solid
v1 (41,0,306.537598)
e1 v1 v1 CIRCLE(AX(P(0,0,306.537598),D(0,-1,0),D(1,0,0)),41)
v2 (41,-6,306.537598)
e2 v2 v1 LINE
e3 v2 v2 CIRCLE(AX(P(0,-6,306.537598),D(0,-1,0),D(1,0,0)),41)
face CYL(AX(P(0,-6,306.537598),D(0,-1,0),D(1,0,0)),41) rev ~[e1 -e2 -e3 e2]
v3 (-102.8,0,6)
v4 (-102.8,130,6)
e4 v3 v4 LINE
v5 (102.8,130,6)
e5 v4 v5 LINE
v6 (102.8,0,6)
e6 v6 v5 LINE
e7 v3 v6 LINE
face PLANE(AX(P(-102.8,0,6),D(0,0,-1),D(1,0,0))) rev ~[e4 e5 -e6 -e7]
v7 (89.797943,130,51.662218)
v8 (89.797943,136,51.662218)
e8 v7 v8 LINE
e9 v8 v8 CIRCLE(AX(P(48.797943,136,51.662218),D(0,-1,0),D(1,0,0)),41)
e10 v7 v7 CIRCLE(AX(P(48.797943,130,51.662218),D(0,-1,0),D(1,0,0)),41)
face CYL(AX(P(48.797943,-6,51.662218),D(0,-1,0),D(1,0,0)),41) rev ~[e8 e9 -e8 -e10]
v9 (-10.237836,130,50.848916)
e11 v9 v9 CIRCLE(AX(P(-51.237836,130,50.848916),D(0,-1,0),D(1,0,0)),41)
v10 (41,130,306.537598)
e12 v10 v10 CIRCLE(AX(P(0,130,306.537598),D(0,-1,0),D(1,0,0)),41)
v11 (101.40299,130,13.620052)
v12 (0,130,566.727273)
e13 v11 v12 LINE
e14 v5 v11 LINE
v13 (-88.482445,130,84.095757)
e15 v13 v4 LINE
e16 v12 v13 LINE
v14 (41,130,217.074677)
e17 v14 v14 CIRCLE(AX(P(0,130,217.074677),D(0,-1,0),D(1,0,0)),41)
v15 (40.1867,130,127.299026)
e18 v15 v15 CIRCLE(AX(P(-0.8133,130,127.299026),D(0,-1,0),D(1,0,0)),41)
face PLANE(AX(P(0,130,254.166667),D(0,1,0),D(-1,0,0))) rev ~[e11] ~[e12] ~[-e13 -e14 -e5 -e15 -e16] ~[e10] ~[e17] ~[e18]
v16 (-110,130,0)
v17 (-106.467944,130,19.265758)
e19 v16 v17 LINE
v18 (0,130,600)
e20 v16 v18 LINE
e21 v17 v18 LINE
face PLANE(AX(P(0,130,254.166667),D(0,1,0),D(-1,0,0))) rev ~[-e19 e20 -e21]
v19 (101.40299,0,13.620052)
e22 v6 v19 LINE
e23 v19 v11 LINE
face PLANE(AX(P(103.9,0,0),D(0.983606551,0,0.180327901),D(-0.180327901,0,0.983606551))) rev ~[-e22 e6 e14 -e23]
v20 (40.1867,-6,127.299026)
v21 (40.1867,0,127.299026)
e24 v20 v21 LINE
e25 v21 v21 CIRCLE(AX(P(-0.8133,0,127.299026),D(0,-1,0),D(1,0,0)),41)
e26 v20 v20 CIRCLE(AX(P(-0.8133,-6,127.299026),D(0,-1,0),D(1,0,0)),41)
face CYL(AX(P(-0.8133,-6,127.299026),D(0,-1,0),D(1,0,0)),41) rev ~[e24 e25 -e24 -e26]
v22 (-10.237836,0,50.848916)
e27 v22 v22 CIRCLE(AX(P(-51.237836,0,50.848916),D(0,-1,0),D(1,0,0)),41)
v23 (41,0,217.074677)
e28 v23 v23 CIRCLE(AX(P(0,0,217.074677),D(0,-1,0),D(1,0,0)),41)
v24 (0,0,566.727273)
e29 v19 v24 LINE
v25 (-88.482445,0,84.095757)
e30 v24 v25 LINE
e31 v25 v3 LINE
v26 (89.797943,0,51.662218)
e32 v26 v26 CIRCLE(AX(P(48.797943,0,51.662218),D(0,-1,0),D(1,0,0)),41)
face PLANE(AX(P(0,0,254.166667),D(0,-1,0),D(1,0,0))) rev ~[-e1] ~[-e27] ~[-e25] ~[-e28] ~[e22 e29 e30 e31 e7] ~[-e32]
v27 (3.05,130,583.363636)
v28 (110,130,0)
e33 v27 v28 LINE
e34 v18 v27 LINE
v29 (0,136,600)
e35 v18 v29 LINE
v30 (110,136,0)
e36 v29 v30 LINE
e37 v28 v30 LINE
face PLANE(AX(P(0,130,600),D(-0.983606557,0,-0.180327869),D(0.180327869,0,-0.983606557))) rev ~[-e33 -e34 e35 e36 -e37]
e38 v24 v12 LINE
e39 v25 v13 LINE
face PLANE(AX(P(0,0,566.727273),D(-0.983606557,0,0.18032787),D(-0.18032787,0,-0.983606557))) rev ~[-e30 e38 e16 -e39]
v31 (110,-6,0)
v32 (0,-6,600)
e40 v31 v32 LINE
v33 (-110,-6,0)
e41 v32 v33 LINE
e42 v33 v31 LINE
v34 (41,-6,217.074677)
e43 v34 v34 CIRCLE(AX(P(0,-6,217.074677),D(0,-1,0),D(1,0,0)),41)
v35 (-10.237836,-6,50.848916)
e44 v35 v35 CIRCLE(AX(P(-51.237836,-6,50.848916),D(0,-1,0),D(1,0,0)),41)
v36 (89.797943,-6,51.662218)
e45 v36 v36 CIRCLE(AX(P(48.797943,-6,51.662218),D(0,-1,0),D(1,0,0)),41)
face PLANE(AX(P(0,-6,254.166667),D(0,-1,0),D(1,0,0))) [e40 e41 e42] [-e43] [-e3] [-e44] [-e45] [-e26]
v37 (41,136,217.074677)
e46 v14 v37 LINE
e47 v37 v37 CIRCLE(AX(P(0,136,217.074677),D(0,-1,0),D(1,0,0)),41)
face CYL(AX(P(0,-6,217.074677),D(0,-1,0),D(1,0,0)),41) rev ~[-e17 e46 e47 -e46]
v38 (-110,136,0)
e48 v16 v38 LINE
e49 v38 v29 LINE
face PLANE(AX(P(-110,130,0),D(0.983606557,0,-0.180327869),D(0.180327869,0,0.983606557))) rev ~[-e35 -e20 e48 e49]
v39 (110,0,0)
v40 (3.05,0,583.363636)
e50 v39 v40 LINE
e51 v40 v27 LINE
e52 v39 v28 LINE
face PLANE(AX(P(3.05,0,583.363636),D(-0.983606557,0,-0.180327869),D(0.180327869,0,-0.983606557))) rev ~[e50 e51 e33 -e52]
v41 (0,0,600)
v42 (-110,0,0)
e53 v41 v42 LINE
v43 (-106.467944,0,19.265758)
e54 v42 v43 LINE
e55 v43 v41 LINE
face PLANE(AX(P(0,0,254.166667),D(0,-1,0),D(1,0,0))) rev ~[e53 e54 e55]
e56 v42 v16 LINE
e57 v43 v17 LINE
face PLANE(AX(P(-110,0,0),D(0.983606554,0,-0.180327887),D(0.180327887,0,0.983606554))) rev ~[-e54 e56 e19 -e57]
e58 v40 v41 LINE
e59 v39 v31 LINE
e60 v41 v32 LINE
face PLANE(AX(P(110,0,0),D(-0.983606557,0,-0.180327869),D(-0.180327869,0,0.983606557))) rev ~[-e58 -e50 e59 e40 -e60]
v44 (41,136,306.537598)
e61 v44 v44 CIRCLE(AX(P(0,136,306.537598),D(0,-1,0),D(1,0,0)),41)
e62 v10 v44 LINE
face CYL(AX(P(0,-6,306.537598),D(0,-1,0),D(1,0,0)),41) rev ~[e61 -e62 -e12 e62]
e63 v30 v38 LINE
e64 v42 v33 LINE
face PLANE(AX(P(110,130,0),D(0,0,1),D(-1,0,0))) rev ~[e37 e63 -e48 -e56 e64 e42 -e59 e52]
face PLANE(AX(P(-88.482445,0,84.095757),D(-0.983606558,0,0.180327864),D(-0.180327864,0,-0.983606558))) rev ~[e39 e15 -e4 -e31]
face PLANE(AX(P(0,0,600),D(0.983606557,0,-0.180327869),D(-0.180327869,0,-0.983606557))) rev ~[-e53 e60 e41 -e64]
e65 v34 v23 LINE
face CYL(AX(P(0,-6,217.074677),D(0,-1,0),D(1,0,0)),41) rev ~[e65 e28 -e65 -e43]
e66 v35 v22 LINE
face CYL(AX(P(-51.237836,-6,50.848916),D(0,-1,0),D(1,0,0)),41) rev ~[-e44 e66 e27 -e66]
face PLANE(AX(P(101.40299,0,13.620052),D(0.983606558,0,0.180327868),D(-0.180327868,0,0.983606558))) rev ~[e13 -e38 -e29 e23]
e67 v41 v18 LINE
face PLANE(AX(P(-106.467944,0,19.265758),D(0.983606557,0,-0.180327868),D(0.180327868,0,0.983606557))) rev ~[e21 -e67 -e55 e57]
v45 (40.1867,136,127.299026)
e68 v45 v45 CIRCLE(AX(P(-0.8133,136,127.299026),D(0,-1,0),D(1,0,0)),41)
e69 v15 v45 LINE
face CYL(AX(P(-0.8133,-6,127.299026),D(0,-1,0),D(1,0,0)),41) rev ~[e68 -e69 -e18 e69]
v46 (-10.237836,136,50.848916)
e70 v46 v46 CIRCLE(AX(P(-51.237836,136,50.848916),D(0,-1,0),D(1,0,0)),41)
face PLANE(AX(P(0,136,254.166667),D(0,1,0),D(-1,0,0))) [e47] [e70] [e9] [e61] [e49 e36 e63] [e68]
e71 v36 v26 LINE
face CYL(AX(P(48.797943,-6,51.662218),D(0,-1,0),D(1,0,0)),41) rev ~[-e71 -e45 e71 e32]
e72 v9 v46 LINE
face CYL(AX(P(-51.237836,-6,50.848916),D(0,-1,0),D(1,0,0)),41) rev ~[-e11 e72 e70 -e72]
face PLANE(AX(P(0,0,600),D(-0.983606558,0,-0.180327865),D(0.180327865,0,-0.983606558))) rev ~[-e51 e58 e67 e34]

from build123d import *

# Parameters (mm, degrees)
F1_DEPTH  = 6
F3_DEPTH  = 130
F5_DEPTH  = 130
F7_DEPTH  = 130
F9_DEPTH  = 6
F10_R     = 41
F11_DEPTH = 309.88


with BuildPart() as f1:
    # F0 (on Front) → F1 (new body)
    with BuildSketch(Plane.XZ):
        Polygon((-110, 0), (0, 0), (110, 0), (0, 600), align=None)
    extrude(amount=F1_DEPTH)

    # F2 (on face) → F3 (join)
    with BuildSketch(Plane(origin=(0, 0, 0), x_dir=(-1, 0, 0), z_dir=(0, 1, 0))):
        Polygon((110, 0), (106.467944, 19.265758), (0, 600), (-3.05, 583.363636), (0, 566.727273), (88.482445, 84.095757), (103.9, 0), align=None)
    extrude(amount=F3_DEPTH)

    # F4 (on face) → F5 (join)
    with BuildSketch(Plane(origin=(0, 0, 0), x_dir=(-1, 0, 0), z_dir=(0, 1, 0))):
        Polygon((0, 566.727273), (-3.05, 583.363636), (-110, 0), (-103.9, 0), (-101.40299, 13.620052), align=None)
    extrude(amount=F5_DEPTH)

    # F6 (on face) → F7 (join)
    with BuildSketch(Plane(origin=(0, 0, 0), x_dir=(-1, 0, 0), z_dir=(0, 1, 0))):
        Polygon((-102.8, 6), (-103.9, 0), (103.9, 0), (102.8, 6), (94.243981, 6), (-89.78457, 6), align=None)
    extrude(amount=F7_DEPTH)

    # F8 (on face) → F9 (join)
    with BuildSketch(Plane(origin=(0, 130, 0), x_dir=(-1, 0, 0), z_dir=(0, 1, 0))):
        Polygon((110, 0), (0, 600), (-110, 0), align=None)
    extrude(amount=F9_DEPTH)

    # F10 (on face) → F11 (cut)
    with BuildSketch(Plane.XZ.offset(6)):
        with Locations((48.797943, 51.662218)):
            Circle(F10_R)
        with Locations((-51.237836, 50.848916)):
            Circle(F10_R)
        with Locations((-0.8133, 127.299026)):
            Circle(F10_R)
        with Locations((0, 217.074677)):
            Circle(F10_R)
        with Locations((0, 306.537598)):
            Circle(F10_R)
    extrude(amount=-F11_DEPTH, mode=Mode.SUBTRACT)


solid = f1.part
